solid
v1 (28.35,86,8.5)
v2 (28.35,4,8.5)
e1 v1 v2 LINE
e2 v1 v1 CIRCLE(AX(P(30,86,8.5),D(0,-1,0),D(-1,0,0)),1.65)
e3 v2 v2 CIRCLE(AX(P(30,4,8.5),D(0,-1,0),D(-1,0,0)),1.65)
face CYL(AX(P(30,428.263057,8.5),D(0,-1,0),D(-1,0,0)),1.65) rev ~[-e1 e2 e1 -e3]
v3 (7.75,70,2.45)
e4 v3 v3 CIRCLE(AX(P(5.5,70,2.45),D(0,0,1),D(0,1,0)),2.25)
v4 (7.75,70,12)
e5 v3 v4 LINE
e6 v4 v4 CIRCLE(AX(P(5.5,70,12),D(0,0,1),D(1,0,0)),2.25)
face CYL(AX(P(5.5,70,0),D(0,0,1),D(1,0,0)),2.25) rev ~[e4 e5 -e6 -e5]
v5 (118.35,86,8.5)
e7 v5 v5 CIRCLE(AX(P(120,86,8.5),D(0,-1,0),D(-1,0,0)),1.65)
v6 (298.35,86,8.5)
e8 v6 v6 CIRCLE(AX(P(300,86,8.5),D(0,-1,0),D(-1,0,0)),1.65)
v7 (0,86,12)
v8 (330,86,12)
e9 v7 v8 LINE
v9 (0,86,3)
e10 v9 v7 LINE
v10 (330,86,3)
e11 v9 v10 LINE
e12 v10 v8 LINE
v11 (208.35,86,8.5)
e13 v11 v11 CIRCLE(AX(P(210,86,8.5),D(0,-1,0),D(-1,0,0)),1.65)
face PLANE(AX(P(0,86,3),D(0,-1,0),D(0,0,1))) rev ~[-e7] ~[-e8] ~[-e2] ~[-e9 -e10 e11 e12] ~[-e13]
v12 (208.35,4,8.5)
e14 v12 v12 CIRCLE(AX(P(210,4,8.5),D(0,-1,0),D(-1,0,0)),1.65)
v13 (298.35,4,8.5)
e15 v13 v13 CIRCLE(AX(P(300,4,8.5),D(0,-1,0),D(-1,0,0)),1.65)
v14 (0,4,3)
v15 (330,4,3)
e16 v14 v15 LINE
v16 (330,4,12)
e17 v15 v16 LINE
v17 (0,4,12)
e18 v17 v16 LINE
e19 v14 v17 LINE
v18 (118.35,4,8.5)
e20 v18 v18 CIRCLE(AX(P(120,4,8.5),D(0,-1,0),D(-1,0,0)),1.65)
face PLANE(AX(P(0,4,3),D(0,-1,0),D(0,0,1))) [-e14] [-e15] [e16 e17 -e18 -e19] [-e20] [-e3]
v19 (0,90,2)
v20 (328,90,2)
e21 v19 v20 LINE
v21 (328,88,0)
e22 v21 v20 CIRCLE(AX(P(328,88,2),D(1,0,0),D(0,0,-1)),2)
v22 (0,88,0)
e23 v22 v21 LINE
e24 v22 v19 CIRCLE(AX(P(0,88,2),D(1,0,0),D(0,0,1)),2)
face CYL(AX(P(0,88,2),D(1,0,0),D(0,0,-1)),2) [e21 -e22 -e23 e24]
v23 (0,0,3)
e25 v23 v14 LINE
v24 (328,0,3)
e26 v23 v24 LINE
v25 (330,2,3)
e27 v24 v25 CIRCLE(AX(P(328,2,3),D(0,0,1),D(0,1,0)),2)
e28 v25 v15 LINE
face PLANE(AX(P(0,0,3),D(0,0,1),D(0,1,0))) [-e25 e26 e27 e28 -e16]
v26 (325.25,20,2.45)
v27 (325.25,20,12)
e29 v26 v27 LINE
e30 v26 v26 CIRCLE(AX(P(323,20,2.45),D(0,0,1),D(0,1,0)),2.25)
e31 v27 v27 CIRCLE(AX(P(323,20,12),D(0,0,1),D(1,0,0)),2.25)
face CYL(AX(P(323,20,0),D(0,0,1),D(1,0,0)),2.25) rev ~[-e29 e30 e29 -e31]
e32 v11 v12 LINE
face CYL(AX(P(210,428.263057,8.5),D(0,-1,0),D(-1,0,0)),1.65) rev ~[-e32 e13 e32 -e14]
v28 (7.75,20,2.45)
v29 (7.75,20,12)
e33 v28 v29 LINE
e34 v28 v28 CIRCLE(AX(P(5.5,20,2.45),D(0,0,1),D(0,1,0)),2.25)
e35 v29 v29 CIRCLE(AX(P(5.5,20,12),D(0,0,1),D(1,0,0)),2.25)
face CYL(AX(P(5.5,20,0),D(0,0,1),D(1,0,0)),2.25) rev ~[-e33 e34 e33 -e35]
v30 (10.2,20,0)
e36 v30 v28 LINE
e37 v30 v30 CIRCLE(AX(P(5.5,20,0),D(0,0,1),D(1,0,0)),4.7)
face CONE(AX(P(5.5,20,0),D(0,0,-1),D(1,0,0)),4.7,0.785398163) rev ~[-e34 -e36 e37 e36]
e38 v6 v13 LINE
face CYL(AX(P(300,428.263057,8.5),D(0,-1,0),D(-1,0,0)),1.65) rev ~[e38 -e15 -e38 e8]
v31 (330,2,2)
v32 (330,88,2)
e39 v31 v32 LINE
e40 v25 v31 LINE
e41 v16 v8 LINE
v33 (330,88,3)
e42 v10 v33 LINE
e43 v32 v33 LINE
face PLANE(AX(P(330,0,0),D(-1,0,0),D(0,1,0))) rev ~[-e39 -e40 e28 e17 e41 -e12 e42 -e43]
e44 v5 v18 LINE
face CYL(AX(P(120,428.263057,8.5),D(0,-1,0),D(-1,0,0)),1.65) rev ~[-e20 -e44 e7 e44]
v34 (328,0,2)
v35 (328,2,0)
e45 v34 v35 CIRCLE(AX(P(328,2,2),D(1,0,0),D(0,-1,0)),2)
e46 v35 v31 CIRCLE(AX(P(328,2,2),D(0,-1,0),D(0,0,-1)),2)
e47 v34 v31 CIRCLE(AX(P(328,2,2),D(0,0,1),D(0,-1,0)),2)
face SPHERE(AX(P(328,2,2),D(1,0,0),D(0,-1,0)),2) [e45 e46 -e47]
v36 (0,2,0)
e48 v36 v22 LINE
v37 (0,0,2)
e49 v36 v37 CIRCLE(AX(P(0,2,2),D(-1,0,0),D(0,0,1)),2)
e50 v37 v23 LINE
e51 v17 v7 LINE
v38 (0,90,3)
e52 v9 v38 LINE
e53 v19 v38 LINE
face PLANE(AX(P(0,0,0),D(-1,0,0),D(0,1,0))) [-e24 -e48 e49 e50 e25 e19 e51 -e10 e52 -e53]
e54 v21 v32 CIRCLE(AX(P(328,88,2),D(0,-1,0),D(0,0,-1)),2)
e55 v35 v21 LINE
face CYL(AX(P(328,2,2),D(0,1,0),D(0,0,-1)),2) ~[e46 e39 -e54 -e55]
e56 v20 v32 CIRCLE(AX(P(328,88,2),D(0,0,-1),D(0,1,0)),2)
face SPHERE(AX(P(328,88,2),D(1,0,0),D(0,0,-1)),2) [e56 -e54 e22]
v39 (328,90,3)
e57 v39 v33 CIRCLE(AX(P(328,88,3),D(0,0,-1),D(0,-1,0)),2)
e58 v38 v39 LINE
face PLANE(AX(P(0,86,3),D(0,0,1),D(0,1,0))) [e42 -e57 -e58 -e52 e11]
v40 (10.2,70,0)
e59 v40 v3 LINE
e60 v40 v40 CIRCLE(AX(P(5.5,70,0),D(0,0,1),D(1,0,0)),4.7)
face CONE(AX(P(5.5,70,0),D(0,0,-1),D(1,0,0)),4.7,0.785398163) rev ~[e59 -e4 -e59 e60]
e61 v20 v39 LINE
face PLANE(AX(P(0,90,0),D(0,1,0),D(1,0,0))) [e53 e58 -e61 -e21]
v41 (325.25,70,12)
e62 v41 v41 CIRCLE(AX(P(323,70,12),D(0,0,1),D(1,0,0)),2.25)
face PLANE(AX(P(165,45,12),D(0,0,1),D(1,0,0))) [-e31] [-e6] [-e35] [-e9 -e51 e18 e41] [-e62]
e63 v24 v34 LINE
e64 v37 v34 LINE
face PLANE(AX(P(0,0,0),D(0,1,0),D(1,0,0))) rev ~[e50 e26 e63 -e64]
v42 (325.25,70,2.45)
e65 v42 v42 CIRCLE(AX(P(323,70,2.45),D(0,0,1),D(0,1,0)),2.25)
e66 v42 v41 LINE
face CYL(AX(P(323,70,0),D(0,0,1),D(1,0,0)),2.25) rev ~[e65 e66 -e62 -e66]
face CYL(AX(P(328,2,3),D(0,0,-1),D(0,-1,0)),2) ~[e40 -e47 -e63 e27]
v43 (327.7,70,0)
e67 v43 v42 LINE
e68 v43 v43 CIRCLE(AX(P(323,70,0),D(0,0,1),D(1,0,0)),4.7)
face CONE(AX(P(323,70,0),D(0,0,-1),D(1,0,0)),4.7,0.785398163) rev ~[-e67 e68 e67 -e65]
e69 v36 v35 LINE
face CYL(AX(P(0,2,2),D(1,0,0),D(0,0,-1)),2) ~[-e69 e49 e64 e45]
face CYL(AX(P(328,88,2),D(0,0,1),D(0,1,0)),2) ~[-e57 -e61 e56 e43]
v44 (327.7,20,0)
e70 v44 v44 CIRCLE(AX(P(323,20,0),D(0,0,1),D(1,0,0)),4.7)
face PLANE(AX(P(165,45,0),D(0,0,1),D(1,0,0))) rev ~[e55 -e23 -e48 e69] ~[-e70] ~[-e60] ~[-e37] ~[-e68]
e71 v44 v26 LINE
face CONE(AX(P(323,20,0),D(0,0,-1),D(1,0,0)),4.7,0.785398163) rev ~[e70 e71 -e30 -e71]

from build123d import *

# Parameters (mm, degrees)
SKETCH_1_W                     = 330
SKETCH_1_H                     = 90
EXTRUDE_1_DEPTH                = 12
SKETCH_2_W                     = 9
SKETCH_2_H                     = 4
CUT_EXTRUDE_1_DEPTH            = 331
FILLET_1_R                     = 2
FILLET_2_R                     = 2
HOLE_WIZARD_M4_1_D             = 3.3
HOLE_WIZARD_M4_1_2_D           = 4.5
HOLE_WIZARD_M4_1_2_CSINK_D     = 9.4
HOLE_WIZARD_M4_1_2_CSINK_ANGLE = 90


with BuildPart() as part:
    # 草圖1 → 填料-伸長1 (new body)
    with BuildSketch(Plane.XY):
        with Locations((165, 45)):
            Rectangle(SKETCH_1_W, SKETCH_1_H)
    extrude(amount=EXTRUDE_1_DEPTH)

    # 草圖2 → 除料-伸長1 (cut, through all)
    with BuildSketch(Plane.ZY):
        with Locations((7.5, 88)):
            Rectangle(SKETCH_2_W, SKETCH_2_H)
        with Locations((7.5, 2)):
            Rectangle(SKETCH_2_W, SKETCH_2_H)
    extrude(amount=-CUT_EXTRUDE_1_DEPTH, mode=Mode.SUBTRACT)

    # 圓角1
    fillet_1_edges = [part.edges().sort_by_distance(p)[0] for p in [
        (165, 90, 0),
        (165, 0, 0),
    ]]
    fillet(fillet_1_edges, radius=FILLET_1_R)

    # 圓角2
    fillet_2_edges = [part.edges().sort_by_distance(p)[0] for p in [
        (330, 90, 2.5),
        (330, 0, 2.5),
        (330, 45, 0),
        (330, 89.414213562, 0.585786438),
        (330, 0.585786438, 0.585786438),
    ]]
    fillet(fillet_2_edges, radius=FILLET_2_R)

    # Hole Wizard M4 _1 (through all)
    with Locations(Plane(origin=(0, 86, 0), x_dir=(1, 0, 0), z_dir=(0, 1, 0))):
        with Locations((30, -8.5), (120, -8.5), (210, -8.5), (300, -8.5)):
            Hole(HOLE_WIZARD_M4_1_D / 2)

    # Hole Wizard M4 _1 2 (through all)
    with Locations(Plane(origin=(0, 0, 0), x_dir=(-1, 0, 0), z_dir=(0, 0, -1))):
        with Locations((-323, 20), (-323, 70), (-5.5, 20), (-5.5, 70)):
            CounterSinkHole(HOLE_WIZARD_M4_1_2_D / 2, HOLE_WIZARD_M4_1_2_CSINK_D / 2, counter_sink_angle=HOLE_WIZARD_M4_1_2_CSINK_ANGLE)


solid = part.part
